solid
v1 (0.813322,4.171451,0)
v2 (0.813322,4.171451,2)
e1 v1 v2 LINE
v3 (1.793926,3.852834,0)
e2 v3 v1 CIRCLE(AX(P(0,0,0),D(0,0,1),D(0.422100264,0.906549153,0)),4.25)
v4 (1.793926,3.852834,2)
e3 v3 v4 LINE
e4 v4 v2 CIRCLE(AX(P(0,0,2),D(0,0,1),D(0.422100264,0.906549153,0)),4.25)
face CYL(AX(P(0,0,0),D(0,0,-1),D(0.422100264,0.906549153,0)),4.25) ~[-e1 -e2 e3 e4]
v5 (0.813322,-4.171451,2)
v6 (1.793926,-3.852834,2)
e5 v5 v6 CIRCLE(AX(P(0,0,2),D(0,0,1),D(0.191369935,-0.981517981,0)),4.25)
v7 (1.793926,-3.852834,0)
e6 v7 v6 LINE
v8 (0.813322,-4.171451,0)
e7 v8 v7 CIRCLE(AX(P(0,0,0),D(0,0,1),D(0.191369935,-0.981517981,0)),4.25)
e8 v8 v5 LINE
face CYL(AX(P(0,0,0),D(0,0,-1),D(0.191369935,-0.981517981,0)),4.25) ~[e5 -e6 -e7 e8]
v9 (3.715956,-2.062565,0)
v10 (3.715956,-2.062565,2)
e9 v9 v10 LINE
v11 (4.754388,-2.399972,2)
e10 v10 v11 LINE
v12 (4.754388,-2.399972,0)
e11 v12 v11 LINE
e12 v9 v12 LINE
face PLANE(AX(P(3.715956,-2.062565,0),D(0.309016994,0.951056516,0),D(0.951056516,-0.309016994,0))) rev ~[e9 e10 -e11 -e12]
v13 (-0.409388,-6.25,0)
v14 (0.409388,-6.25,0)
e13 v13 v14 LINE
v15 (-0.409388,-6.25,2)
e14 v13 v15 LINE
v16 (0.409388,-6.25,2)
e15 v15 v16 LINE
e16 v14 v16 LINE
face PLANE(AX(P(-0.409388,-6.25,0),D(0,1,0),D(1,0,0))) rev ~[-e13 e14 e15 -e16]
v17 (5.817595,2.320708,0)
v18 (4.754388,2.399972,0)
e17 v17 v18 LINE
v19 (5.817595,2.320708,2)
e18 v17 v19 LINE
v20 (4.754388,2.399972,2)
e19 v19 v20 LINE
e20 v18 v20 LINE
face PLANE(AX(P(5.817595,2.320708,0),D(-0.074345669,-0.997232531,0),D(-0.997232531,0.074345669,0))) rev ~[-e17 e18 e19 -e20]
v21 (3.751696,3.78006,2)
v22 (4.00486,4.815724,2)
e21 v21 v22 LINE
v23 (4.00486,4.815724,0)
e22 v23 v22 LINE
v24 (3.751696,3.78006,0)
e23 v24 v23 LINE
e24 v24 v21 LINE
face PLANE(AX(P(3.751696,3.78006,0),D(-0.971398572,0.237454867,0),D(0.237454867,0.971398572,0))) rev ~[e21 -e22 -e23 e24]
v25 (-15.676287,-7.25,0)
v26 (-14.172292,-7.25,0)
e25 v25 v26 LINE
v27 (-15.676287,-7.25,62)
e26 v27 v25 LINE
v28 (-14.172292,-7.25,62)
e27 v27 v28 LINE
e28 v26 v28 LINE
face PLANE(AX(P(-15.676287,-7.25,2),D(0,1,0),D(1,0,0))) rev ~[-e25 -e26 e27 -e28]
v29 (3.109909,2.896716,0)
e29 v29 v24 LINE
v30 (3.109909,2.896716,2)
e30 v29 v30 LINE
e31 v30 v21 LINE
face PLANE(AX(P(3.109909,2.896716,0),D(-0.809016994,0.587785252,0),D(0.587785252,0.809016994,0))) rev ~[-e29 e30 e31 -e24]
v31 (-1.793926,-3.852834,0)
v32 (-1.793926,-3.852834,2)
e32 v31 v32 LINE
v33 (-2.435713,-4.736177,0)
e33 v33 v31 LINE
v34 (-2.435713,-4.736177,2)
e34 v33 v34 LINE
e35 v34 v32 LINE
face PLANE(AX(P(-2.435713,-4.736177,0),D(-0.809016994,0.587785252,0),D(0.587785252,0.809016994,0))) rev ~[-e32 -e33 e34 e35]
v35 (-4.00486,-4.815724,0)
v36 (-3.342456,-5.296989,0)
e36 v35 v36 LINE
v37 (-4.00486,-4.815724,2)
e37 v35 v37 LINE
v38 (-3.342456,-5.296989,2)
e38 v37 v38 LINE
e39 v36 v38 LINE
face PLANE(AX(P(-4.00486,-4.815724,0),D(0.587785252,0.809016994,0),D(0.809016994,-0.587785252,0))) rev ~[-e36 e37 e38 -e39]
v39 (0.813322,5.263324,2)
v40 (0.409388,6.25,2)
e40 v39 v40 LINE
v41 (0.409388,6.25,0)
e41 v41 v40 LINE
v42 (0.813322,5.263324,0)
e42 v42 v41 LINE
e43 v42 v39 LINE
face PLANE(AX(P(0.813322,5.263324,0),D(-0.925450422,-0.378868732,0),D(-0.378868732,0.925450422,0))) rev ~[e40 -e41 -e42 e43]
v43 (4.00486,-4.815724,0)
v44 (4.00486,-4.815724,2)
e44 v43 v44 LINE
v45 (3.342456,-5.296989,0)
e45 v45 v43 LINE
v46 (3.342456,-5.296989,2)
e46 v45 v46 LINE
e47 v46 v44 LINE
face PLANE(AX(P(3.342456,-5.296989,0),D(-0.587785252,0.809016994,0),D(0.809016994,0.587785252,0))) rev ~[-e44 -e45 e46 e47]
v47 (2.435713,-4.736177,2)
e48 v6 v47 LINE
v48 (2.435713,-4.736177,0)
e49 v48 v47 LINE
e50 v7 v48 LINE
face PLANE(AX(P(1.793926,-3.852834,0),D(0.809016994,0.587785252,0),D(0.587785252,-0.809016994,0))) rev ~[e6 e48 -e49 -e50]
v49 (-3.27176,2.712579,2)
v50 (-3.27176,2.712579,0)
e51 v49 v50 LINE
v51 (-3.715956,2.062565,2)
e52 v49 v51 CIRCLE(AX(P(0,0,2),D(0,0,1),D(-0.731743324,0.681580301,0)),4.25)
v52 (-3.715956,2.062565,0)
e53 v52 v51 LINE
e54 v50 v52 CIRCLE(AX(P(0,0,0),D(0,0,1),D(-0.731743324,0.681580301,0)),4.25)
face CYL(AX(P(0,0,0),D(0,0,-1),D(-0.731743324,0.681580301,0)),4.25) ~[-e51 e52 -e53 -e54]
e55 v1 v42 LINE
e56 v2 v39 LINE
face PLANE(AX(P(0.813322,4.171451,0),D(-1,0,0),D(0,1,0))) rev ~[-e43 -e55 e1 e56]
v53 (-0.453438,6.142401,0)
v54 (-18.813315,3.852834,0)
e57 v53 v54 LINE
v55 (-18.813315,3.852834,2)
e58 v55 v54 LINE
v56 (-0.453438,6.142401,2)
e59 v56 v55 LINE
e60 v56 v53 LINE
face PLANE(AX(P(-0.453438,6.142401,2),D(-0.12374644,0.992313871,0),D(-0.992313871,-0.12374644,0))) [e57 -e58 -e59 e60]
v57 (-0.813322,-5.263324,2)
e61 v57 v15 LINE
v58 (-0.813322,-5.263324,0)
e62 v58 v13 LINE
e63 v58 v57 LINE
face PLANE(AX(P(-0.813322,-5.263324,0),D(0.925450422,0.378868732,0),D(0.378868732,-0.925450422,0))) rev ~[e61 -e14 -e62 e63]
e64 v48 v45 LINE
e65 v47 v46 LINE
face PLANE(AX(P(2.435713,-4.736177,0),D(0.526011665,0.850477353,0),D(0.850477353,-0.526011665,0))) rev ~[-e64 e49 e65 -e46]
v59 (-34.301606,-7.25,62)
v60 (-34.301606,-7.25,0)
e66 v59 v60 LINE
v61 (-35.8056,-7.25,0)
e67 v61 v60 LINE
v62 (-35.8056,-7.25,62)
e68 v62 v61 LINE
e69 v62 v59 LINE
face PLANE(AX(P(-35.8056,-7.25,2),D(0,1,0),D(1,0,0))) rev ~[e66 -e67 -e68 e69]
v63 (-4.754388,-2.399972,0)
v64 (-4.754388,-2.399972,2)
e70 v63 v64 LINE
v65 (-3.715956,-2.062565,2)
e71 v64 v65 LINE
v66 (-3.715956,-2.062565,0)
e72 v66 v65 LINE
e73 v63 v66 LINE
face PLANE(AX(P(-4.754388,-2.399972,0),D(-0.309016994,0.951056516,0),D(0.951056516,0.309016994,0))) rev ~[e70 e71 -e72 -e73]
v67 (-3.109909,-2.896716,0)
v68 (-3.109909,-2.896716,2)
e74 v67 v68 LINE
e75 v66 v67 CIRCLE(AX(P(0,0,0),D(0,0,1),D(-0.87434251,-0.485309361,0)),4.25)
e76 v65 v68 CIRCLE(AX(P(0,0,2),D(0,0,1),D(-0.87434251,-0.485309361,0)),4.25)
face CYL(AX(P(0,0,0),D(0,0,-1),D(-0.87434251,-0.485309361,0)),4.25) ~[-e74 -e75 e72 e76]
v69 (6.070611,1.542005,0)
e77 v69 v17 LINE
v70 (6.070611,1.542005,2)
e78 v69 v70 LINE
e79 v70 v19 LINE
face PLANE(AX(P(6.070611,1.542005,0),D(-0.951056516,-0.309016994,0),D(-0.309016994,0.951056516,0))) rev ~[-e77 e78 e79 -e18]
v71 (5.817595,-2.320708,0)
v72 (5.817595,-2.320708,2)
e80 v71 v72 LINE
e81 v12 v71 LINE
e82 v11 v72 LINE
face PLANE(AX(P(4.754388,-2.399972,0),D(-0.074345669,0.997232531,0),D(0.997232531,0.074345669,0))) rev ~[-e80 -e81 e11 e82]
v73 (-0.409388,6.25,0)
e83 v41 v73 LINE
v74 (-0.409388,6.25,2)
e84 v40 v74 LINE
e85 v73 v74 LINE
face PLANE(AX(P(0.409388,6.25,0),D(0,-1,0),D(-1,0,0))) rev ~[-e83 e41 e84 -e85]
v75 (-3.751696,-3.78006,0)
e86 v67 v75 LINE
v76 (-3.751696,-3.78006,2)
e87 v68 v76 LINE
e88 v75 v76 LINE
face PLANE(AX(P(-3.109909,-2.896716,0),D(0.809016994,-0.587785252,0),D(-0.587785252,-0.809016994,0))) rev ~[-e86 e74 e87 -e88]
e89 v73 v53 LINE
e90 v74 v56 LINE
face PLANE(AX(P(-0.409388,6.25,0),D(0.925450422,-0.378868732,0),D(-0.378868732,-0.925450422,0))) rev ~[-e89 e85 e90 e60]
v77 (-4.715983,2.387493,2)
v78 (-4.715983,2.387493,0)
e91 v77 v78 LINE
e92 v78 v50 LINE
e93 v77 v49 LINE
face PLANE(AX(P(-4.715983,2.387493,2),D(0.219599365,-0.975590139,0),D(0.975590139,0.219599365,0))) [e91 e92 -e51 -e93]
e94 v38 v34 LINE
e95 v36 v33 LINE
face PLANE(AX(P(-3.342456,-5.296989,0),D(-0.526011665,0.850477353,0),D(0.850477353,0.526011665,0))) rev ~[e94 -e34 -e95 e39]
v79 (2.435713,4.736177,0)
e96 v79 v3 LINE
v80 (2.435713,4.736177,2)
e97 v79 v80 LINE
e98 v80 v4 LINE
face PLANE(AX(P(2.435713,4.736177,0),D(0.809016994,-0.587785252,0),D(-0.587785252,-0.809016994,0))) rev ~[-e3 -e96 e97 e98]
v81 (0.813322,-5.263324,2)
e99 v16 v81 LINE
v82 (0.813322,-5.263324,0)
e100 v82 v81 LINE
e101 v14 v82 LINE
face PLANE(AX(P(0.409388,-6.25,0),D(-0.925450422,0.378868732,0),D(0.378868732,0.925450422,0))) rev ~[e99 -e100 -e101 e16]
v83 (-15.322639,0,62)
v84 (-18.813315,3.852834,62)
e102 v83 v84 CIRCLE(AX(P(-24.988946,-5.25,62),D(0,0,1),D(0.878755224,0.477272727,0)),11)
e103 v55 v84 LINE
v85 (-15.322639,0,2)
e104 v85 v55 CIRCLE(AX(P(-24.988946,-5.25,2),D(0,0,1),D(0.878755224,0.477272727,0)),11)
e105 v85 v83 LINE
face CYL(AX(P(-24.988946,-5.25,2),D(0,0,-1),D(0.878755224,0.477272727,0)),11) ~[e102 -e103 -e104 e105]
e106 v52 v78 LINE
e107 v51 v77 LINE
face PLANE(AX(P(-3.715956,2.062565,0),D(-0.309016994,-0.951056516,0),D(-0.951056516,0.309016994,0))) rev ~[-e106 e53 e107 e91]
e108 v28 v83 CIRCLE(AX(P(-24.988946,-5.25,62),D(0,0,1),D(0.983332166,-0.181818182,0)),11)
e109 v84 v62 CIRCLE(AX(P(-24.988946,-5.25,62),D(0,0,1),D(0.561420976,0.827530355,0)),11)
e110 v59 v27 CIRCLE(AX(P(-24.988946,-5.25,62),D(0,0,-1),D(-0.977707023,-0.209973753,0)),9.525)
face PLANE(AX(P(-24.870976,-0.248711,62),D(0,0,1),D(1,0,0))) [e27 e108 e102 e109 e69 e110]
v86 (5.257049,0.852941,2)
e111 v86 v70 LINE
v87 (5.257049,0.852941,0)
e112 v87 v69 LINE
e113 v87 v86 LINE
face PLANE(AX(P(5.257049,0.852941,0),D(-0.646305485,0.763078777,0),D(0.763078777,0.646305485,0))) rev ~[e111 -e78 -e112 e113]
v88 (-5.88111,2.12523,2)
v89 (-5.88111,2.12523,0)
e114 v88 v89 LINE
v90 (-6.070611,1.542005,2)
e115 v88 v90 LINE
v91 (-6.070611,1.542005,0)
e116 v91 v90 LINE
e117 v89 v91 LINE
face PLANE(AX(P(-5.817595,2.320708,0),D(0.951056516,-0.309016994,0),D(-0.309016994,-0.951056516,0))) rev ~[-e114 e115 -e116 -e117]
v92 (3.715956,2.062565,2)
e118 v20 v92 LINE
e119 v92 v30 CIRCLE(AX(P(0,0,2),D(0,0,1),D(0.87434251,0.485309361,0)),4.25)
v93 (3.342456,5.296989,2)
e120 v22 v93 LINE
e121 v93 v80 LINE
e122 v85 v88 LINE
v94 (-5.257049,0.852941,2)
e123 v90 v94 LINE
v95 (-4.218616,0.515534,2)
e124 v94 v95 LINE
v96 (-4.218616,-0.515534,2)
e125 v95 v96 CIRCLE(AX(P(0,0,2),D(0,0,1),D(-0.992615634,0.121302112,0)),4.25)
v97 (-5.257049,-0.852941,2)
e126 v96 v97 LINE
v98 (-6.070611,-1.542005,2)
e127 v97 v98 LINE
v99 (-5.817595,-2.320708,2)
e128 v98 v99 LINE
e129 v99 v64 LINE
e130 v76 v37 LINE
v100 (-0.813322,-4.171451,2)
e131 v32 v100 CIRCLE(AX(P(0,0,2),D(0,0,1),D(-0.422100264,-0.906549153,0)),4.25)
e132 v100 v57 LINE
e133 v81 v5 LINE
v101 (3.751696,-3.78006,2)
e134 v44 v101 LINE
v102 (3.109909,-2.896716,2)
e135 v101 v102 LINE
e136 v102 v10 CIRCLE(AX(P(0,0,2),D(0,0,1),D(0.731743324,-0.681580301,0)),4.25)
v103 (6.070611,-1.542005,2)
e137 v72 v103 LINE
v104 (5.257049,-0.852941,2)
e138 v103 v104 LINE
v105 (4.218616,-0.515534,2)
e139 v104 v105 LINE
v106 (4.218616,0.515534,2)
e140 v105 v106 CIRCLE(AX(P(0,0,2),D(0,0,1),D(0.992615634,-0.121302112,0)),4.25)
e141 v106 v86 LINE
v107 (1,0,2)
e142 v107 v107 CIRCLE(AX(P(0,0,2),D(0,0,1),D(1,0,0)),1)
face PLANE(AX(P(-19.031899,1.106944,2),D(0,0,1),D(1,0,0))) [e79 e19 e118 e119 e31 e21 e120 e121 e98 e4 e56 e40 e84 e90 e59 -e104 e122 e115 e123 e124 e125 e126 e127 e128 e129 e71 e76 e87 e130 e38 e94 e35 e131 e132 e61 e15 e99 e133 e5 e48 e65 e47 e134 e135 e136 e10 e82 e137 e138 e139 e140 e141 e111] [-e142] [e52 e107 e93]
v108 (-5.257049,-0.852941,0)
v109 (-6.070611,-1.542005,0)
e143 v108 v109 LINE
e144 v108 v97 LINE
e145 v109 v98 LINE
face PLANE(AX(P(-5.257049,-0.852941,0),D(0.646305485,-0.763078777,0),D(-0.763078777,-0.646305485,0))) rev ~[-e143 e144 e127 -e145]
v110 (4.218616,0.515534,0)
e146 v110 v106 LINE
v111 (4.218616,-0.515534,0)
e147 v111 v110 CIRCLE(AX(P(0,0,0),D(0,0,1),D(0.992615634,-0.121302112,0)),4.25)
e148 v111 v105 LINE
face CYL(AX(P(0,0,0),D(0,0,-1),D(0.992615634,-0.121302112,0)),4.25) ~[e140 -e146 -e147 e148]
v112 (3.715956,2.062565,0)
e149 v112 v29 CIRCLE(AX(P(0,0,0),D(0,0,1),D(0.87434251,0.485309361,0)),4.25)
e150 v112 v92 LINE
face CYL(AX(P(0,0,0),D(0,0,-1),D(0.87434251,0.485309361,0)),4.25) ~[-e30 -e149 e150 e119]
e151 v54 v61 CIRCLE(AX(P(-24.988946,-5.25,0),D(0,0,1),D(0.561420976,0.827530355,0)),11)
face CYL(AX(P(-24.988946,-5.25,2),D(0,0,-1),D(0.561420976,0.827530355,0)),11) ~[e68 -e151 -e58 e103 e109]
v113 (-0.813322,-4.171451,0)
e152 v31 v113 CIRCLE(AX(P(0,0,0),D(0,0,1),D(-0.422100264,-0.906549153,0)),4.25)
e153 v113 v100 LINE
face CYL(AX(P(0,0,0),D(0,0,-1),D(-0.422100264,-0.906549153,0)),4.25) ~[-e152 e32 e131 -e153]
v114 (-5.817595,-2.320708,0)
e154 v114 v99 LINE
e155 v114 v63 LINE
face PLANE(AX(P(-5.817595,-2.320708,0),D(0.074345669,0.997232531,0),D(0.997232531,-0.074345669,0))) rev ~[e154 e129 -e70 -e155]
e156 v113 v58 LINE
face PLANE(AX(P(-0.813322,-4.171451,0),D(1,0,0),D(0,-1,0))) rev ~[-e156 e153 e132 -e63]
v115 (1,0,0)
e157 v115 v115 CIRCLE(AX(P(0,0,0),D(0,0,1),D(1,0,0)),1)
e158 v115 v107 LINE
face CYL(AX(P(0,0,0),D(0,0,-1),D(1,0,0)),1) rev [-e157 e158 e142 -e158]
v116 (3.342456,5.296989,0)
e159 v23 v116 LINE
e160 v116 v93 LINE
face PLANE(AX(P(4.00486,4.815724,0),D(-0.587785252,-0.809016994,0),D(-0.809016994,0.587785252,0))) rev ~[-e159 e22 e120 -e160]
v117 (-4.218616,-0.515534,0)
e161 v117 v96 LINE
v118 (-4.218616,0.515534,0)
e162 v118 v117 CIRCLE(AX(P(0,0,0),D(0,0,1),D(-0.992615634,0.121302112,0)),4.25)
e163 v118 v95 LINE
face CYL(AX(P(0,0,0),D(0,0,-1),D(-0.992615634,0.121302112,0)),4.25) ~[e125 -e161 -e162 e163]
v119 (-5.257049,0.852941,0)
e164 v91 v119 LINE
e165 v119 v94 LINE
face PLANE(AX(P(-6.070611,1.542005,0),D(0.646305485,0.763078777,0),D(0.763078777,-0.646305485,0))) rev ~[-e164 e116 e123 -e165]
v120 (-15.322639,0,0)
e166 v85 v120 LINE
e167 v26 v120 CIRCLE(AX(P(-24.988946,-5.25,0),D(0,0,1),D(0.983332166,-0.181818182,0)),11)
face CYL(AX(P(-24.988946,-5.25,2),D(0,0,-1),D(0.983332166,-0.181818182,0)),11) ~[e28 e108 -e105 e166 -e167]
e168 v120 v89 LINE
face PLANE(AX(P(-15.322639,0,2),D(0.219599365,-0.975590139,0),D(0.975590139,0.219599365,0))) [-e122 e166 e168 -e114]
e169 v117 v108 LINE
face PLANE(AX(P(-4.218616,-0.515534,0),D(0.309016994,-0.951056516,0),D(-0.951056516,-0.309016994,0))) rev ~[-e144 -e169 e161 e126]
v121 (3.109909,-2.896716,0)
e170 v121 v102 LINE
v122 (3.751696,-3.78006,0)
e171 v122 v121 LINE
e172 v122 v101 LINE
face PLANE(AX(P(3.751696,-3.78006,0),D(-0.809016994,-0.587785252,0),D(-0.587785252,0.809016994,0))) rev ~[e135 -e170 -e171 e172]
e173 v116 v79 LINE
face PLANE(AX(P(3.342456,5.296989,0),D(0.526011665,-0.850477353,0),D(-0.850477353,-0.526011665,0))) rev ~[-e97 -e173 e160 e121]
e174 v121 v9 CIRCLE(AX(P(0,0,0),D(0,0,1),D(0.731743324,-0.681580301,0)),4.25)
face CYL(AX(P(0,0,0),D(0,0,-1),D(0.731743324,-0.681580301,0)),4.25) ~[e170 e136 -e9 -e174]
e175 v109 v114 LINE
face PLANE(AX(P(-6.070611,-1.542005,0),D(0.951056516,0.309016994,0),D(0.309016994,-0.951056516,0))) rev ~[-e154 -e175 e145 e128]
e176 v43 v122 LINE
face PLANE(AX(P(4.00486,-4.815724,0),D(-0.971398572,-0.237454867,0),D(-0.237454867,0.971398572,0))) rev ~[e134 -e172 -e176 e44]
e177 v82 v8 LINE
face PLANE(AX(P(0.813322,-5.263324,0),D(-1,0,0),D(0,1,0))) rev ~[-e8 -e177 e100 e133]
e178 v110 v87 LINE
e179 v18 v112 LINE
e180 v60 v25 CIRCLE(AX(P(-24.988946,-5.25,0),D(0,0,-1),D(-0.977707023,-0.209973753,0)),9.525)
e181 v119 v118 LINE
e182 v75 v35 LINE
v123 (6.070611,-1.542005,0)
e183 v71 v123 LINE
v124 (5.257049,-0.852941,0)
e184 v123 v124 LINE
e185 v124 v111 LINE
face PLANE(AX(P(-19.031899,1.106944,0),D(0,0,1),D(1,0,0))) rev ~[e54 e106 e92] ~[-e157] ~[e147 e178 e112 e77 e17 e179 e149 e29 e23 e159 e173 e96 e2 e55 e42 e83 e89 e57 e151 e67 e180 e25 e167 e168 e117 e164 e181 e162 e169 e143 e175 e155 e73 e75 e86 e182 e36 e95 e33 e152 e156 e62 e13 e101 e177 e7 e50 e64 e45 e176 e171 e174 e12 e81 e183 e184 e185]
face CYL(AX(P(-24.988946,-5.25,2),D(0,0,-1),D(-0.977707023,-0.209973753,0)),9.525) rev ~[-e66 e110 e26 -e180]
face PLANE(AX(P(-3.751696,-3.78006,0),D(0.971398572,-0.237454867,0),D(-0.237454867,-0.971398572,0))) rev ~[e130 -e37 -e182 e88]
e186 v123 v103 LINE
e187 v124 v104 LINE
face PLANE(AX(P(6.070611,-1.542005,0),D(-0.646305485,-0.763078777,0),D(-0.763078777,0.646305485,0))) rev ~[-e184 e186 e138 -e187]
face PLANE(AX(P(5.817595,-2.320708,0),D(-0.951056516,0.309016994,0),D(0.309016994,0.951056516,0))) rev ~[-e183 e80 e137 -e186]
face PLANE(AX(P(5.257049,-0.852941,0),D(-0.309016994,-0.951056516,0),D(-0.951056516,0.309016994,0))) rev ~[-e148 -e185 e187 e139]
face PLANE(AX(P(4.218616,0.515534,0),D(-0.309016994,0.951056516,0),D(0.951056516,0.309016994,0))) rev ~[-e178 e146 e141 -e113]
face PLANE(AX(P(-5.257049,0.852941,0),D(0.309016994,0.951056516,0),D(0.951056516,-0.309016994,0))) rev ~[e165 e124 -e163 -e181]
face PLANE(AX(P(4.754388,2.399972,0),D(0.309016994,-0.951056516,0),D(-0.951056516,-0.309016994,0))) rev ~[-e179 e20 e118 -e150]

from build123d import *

# Parameters (mm, degrees)
F0_R     = 1
F1_DEPTH = 2
F3_DEPTH = 2
F5_DEPTH = 60


with BuildPart() as f1:
    # F0 (on Top) → F1 (new body)
    with BuildSketch(Plane.XY):
        with BuildLine():
            Line((-3.7516957595, 3.7800597964), (-3.1099091286, 2.8967162808))
            ThreePointArc((-3.1099091286, 2.8967162808), (-3.4383222261, 2.4980873222), (-3.7159556664, 2.0625647832))
            Line((-3.7159556664, 2.0625647832), (-4.7543882487, 2.3999719824))
            Line((-4.7543882487, 2.3999719824), (-5.8175952323, 2.3207077869))
            Line((-5.8175952323, 2.3207077869), (-6.0706112214, 1.5420046428))
            Line((-6.0706112214, 1.5420046428), (-5.2570490283, 0.8529411765))
            Line((-5.2570490283, 0.8529411765), (-4.218616446, 0.5155339773))
            ThreePointArc((-4.218616446, 0.5155339773), (-4.25, 0), (-4.218616446, -0.5155339773))
            Line((-4.218616446, -0.5155339773), (-5.2570490283, -0.8529411765))
            Line((-5.2570490283, -0.8529411765), (-6.0706112214, -1.5420046428))
            Line((-6.0706112214, -1.5420046428), (-5.8175952323, -2.3207077869))
            Line((-5.8175952323, -2.3207077869), (-4.7543882487, -2.3999719824))
            Line((-4.7543882487, -2.3999719824), (-3.7159556664, -2.0625647832))
            ThreePointArc((-3.7159556664, -2.0625647832), (-3.4383222261, -2.4980873222), (-3.1099091286, -2.8967162808))
            Line((-3.1099091286, -2.8967162808), (-3.7516957595, -3.7800597964))
            Line((-3.7516957595, -3.7800597964), (-4.0048600564, -4.8157237097))
            Line((-4.0048600564, -4.8157237097), (-3.3424555973, -5.29698872))
            Line((-3.3424555973, -5.29698872), (-2.4357127539, -4.7361774161))
            Line((-2.4357127539, -4.7361774161), (-1.793926123, -3.8528339005))
            ThreePointArc((-1.793926123, -3.8528339005), (-1.3133222261, -4.0419901943), (-0.8133222261, -4.1714514209))
            Line((-0.8133222261, -4.1714514209), (-0.8133222261, -5.2633240535))
            Line((-0.8133222261, -5.2633240535), (-0.40938847, -6.25))
            Line((-0.40938847, -6.25), (0.40938847, -6.25))
            Line((0.40938847, -6.25), (0.8133222261, -5.2633240535))
            Line((0.8133222261, -5.2633240535), (0.8133222261, -4.1714514209))
            ThreePointArc((0.8133222261, -4.1714514209), (1.3133222261, -4.0419901943), (1.793926123, -3.8528339005))
            Line((1.793926123, -3.8528339005), (2.4357127539, -4.7361774161))
            Line((2.4357127539, -4.7361774161), (3.3424555973, -5.29698872))
            Line((3.3424555973, -5.29698872), (4.0048600564, -4.8157237097))
            Line((4.0048600564, -4.8157237097), (3.7516957595, -3.7800597964))
            Line((3.7516957595, -3.7800597964), (3.1099091286, -2.8967162808))
            ThreePointArc((3.1099091286, -2.8967162808), (3.4383222261, -2.4980873222), (3.7159556664, -2.0625647832))
            Line((3.7159556664, -2.0625647832), (4.7543882487, -2.3999719824))
            Line((4.7543882487, -2.3999719824), (5.8175952323, -2.3207077869))
            Line((5.8175952323, -2.3207077869), (6.0706112214, -1.5420046428))
            Line((6.0706112214, -1.5420046428), (5.2570490283, -0.8529411765))
            Line((5.2570490283, -0.8529411765), (4.218616446, -0.5155339773))
            ThreePointArc((4.218616446, -0.5155339773), (4.25, 0), (4.218616446, 0.5155339773))
            Line((4.218616446, 0.5155339773), (5.2570490283, 0.8529411765))
            Line((5.2570490283, 0.8529411765), (6.0706112214, 1.5420046428))
            Line((6.0706112214, 1.5420046428), (5.8175952323, 2.3207077869))
            Line((5.8175952323, 2.3207077869), (4.7543882487, 2.3999719824))
            Line((4.7543882487, 2.3999719824), (3.7159556664, 2.0625647832))
            ThreePointArc((3.7159556664, 2.0625647832), (3.4383222261, 2.4980873222), (3.1099091286, 2.8967162808))
            Line((3.1099091286, 2.8967162808), (3.7516957595, 3.7800597964))
            Line((3.7516957595, 3.7800597964), (4.0048600564, 4.8157237097))
            Line((4.0048600564, 4.8157237097), (3.3424555973, 5.29698872))
            Line((3.3424555973, 5.29698872), (2.4357127539, 4.7361774161))
            Line((2.4357127539, 4.7361774161), (1.793926123, 3.8528339005))
            ThreePointArc((1.793926123, 3.8528339005), (1.3133222261, 4.0419901943), (0.8133222261, 4.1714514209))
            Line((0.8133222261, 4.1714514209), (0.8133222261, 5.2633240535))
            Line((0.8133222261, 5.2633240535), (0.40938847, 6.25))
            Line((0.40938847, 6.25), (-0.40938847, 6.25))
            Line((-0.40938847, 6.25), (-0.8133222261, 5.2633240535))
            Line((-0.8133222261, 5.2633240535), (-0.8133222261, 4.1714514209))
            ThreePointArc((-0.8133222261, 4.1714514209), (-1.3133222261, 4.0419901943), (-1.793926123, 3.8528339005))
            Line((-1.793926123, 3.8528339005), (-2.4357127539, 4.7361774161))
            Line((-2.4357127539, 4.7361774161), (-3.3424555973, 5.29698872))
            Line((-3.3424555973, 5.29698872), (-4.0048600564, 4.8157237097))
            Line((-4.0048600564, 4.8157237097), (-3.7516957595, 3.7800597964))
        make_face()
        Circle(F0_R, mode=Mode.SUBTRACT)
    extrude(amount=F1_DEPTH)

    # F2 (on face) → F3 (join)
    with BuildSketch(Plane.XY.offset(2)):
        with BuildLine():
            ThreePointArc((-34.3016055682, -7.25), (-24.9889461736, 4.275), (-15.676286779, -7.25))
            Line((-15.676286779, -7.25), (-14.1722923472, -7.25))
            ThreePointArc((-14.1722923472, -7.25), (-14.1248516042, -3.5262108052), (-15.322638709, 0))
            Line((-15.322638709, 0), (-5.8811097025, 2.1252303477))
            Line((-5.8811097025, 2.1252303477), (-5.8175952323, 2.3207077869))
            Line((-5.8175952323, 2.3207077869), (-4.7543882487, 2.3999719824))
            Line((-4.7543882487, 2.3999719824), (-4.7159827656, 2.3874932845))
            Line((-4.7159827656, 2.3874932845), (-3.2717603315, 2.7125789082))
            ThreePointArc((-3.2717603315, 2.7125789082), (-3.1921627336, 2.8058148696), (-3.1099091286, 2.8967162808))
            Line((-3.1099091286, 2.8967162808), (-3.7516957595, 3.7800597964))
            Line((-3.7516957595, 3.7800597964), (-4.0048600564, 4.8157237097))
            Line((-4.0048600564, 4.8157237097), (-3.3424555973, 5.29698872))
            Line((-3.3424555973, 5.29698872), (-2.4357127539, 4.7361774161))
            Line((-2.4357127539, 4.7361774161), (-1.793926123, 3.8528339005))
            ThreePointArc((-1.793926123, 3.8528339005), (-1.3133222261, 4.0419901943), (-0.8133222261, 4.1714514209))
            Line((-0.8133222261, 4.1714514209), (-0.8133222261, 5.2633240535))
            Line((-0.8133222261, 5.2633240535), (-0.4534381538, 6.1424012594))
            Line((-0.4534381538, 6.1424012594), (-18.8133154383, 3.8528339005))
            ThreePointArc((-18.8133154383, 3.8528339005), (-31.0058393909, 3.958528439), (-35.8056, -7.25))
            Line((-35.8056, -7.25), (-34.3016055682, -7.25))
        make_face()
    extrude(amount=-F3_DEPTH)

    # F4 (on face) → F5 (join)
    with BuildSketch(Plane.XY.offset(2)):
        with BuildLine():
            Line((-15.676286779, -7.25), (-14.1722923472, -7.25))
            ThreePointArc((-14.1722923472, -7.25), (-14.1248516042, -3.5262108052), (-15.322638709, 0))
            ThreePointArc((-15.322638709, 0), (-16.8370854198, 2.1356053409), (-18.8133154383, 3.8528339005))
            ThreePointArc((-18.8133154383, 3.8528339005), (-31.0058393909, 3.958528439), (-35.8056, -7.25))
            Line((-35.8056, -7.25), (-34.3016055682, -7.25))
            ThreePointArc((-34.3016055682, -7.25), (-24.9889461736, 4.275), (-15.676286779, -7.25))
        make_face()
    extrude(amount=F5_DEPTH)


solid = f1.part
